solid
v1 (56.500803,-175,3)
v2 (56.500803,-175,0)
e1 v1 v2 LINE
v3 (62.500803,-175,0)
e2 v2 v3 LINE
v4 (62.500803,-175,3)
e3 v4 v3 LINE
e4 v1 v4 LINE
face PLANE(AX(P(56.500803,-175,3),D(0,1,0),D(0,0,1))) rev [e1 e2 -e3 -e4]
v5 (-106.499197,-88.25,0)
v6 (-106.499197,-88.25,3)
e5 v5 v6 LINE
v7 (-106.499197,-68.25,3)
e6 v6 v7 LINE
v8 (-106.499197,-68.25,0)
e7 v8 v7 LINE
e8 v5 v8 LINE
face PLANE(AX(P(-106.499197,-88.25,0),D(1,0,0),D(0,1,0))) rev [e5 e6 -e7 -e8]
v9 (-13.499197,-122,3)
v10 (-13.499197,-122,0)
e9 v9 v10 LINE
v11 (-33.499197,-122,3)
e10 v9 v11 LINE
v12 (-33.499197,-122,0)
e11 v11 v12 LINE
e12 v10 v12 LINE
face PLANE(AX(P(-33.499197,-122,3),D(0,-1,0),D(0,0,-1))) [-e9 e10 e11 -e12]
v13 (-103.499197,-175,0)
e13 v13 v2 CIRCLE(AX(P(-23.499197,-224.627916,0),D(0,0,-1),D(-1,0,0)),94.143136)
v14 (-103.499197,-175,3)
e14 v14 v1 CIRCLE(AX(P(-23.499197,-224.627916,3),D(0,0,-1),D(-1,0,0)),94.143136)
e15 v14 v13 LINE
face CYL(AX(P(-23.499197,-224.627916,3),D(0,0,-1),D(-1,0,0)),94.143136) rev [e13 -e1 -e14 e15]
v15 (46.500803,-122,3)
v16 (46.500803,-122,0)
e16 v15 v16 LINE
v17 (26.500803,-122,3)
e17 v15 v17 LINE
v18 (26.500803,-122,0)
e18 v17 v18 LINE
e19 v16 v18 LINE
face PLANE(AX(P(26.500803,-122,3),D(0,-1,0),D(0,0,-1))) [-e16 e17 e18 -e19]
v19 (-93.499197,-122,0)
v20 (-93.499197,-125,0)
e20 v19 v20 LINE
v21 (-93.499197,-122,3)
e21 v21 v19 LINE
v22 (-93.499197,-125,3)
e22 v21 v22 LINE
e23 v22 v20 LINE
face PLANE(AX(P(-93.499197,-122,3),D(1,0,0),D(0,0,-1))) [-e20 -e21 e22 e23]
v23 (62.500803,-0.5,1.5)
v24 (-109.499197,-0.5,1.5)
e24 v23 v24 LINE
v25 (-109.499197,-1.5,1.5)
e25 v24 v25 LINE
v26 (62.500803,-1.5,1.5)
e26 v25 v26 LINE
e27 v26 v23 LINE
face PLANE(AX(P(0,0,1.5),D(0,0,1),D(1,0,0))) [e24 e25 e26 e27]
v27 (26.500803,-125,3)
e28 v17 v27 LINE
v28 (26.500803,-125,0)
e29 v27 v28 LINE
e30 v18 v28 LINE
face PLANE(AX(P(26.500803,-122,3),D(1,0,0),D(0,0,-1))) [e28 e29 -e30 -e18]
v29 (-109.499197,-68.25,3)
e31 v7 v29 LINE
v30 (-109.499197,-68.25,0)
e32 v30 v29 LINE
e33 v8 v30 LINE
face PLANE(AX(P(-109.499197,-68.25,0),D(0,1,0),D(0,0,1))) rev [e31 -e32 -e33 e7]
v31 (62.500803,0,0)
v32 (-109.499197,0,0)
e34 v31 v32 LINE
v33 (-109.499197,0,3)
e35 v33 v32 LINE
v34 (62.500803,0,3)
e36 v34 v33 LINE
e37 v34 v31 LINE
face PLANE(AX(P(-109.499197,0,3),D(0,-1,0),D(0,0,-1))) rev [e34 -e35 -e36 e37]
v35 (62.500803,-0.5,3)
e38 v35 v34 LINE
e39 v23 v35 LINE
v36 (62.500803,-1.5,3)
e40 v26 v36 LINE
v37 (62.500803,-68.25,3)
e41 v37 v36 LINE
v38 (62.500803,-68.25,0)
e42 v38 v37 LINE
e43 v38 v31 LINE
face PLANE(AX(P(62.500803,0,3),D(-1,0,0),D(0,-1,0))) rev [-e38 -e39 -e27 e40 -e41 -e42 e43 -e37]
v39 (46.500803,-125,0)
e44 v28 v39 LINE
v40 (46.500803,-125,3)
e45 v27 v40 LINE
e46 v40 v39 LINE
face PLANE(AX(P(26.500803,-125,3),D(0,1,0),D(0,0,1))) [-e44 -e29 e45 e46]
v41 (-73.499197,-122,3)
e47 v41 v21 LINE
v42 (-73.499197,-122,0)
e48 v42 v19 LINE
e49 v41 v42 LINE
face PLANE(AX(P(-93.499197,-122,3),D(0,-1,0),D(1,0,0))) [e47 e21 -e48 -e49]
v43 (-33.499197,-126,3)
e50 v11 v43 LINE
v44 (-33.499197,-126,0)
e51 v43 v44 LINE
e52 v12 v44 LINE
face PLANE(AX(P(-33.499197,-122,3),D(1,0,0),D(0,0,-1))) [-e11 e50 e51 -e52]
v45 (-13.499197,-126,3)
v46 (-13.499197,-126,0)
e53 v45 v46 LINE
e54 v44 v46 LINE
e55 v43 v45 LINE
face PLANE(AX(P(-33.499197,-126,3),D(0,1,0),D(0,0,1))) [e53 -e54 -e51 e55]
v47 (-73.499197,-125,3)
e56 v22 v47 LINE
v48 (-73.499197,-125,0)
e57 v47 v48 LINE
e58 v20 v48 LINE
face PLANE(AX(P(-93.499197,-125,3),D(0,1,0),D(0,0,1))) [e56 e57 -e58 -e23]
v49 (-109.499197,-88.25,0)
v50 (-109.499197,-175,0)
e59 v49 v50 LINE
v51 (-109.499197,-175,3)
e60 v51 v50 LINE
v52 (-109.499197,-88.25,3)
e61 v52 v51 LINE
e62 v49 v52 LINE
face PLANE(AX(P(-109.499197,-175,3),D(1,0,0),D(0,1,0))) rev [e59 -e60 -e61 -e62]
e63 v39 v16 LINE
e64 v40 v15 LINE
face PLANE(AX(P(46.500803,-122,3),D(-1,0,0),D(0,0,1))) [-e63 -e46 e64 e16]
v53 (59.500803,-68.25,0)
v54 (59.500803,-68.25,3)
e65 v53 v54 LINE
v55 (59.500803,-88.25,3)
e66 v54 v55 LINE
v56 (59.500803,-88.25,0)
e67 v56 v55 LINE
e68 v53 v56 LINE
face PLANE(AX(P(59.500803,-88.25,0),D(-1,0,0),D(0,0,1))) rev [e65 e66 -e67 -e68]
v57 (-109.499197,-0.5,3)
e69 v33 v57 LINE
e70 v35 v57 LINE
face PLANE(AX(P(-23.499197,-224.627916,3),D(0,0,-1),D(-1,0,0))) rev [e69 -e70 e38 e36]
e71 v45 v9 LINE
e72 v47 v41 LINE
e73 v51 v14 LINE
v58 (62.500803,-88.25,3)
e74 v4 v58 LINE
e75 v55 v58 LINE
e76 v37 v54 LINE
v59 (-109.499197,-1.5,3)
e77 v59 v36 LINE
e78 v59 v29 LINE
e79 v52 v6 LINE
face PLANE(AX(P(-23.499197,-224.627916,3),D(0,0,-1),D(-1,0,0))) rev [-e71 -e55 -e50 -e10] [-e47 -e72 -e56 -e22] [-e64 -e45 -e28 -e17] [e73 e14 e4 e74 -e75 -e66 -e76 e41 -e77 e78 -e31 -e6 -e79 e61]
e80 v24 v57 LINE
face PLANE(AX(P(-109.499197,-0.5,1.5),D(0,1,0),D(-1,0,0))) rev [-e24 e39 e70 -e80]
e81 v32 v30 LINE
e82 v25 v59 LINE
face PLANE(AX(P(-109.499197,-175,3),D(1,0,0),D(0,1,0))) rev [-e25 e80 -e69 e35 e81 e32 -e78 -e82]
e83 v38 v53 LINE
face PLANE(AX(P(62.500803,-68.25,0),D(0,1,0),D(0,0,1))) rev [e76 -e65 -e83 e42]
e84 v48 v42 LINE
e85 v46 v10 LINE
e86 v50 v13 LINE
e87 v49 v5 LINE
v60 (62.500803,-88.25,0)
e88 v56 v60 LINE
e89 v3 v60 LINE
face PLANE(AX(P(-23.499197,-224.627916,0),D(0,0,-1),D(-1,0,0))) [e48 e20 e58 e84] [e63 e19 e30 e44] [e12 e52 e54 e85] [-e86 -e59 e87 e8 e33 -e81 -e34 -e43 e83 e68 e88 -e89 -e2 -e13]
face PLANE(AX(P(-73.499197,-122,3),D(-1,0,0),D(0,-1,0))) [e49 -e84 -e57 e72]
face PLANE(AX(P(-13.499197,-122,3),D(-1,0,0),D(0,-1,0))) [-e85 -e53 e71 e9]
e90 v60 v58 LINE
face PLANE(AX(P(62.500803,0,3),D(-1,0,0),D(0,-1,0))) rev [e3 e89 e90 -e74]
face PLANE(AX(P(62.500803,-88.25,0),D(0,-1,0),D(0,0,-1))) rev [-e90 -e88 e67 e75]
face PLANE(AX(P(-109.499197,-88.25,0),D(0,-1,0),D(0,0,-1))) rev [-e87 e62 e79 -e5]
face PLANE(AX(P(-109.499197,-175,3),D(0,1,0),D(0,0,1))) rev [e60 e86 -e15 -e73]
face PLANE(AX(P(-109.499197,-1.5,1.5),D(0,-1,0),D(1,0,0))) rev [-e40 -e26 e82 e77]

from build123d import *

# Parameters (mm, degrees)
ESQUISSE1_W             = 20
ESQUISSE1_H             = 3
ESQUISSE1_H_2           = 4
BOSS_EXTRU_1_DEPTH      = 3
ESQUISSE2_W             = 172
ESQUISSE2_H             = 1
ENL_V_MAT_EXTRU_1_DEPTH = 1.5
ESQUISSE4_W             = 3
ESQUISSE4_H             = 20
ENL_V_MAT_EXTRU_2_DEPTH = 207.455986147


with BuildPart() as part:
    # Esquisse1 → Boss.-Extru.1 (new body)
    with BuildSketch(Plane.XY):
        with BuildLine():
            Line((-109.499197329, 0), (62.500802671, 0))
            Line((62.500802671, 0), (62.500802671, -175))
            Line((62.500802671, -175), (56.500802671, -175))
            ThreePointArc((56.500802671, -175), (-23.499197329, -130.484780132), (-103.499197329, -175))
            Line((-103.499197329, -175), (-109.499197329, -175))
            Line((-109.499197329, -175), (-109.499197329, 0))
        make_face()
        with Locations((-83.499197329, -123.5)):
            Rectangle(ESQUISSE1_W, ESQUISSE1_H, mode=Mode.SUBTRACT)
        with Locations((-23.499197329, -124)):
            Rectangle(ESQUISSE1_W, ESQUISSE1_H_2, mode=Mode.SUBTRACT)
        with Locations((36.500802671, -123.5)):
            Rectangle(ESQUISSE1_W, ESQUISSE1_H, mode=Mode.SUBTRACT)
    extrude(amount=BOSS_EXTRU_1_DEPTH)

    # Esquisse2 → Enlèv. mat.-Extru.1 (cut)
    with BuildSketch(Plane.XY.offset(3)):
        with Locations((-23.499197329, -1)):
            Rectangle(ESQUISSE2_W, ESQUISSE2_H)
    extrude(amount=-ENL_V_MAT_EXTRU_1_DEPTH, mode=Mode.SUBTRACT)

    # Esquisse4 → Enlèv. mat.-Extru.2 (cut, through all)
    with BuildSketch(Plane.XY.offset(3)):
        with Locations((-107.999197329, -78.25)):
            Rectangle(ESQUISSE4_W, ESQUISSE4_H)
        with Locations((61.000802671, -78.25)):
            Rectangle(ESQUISSE4_W, ESQUISSE4_H)
    extrude(amount=-ENL_V_MAT_EXTRU_2_DEPTH, mode=Mode.SUBTRACT)


solid = part.part
